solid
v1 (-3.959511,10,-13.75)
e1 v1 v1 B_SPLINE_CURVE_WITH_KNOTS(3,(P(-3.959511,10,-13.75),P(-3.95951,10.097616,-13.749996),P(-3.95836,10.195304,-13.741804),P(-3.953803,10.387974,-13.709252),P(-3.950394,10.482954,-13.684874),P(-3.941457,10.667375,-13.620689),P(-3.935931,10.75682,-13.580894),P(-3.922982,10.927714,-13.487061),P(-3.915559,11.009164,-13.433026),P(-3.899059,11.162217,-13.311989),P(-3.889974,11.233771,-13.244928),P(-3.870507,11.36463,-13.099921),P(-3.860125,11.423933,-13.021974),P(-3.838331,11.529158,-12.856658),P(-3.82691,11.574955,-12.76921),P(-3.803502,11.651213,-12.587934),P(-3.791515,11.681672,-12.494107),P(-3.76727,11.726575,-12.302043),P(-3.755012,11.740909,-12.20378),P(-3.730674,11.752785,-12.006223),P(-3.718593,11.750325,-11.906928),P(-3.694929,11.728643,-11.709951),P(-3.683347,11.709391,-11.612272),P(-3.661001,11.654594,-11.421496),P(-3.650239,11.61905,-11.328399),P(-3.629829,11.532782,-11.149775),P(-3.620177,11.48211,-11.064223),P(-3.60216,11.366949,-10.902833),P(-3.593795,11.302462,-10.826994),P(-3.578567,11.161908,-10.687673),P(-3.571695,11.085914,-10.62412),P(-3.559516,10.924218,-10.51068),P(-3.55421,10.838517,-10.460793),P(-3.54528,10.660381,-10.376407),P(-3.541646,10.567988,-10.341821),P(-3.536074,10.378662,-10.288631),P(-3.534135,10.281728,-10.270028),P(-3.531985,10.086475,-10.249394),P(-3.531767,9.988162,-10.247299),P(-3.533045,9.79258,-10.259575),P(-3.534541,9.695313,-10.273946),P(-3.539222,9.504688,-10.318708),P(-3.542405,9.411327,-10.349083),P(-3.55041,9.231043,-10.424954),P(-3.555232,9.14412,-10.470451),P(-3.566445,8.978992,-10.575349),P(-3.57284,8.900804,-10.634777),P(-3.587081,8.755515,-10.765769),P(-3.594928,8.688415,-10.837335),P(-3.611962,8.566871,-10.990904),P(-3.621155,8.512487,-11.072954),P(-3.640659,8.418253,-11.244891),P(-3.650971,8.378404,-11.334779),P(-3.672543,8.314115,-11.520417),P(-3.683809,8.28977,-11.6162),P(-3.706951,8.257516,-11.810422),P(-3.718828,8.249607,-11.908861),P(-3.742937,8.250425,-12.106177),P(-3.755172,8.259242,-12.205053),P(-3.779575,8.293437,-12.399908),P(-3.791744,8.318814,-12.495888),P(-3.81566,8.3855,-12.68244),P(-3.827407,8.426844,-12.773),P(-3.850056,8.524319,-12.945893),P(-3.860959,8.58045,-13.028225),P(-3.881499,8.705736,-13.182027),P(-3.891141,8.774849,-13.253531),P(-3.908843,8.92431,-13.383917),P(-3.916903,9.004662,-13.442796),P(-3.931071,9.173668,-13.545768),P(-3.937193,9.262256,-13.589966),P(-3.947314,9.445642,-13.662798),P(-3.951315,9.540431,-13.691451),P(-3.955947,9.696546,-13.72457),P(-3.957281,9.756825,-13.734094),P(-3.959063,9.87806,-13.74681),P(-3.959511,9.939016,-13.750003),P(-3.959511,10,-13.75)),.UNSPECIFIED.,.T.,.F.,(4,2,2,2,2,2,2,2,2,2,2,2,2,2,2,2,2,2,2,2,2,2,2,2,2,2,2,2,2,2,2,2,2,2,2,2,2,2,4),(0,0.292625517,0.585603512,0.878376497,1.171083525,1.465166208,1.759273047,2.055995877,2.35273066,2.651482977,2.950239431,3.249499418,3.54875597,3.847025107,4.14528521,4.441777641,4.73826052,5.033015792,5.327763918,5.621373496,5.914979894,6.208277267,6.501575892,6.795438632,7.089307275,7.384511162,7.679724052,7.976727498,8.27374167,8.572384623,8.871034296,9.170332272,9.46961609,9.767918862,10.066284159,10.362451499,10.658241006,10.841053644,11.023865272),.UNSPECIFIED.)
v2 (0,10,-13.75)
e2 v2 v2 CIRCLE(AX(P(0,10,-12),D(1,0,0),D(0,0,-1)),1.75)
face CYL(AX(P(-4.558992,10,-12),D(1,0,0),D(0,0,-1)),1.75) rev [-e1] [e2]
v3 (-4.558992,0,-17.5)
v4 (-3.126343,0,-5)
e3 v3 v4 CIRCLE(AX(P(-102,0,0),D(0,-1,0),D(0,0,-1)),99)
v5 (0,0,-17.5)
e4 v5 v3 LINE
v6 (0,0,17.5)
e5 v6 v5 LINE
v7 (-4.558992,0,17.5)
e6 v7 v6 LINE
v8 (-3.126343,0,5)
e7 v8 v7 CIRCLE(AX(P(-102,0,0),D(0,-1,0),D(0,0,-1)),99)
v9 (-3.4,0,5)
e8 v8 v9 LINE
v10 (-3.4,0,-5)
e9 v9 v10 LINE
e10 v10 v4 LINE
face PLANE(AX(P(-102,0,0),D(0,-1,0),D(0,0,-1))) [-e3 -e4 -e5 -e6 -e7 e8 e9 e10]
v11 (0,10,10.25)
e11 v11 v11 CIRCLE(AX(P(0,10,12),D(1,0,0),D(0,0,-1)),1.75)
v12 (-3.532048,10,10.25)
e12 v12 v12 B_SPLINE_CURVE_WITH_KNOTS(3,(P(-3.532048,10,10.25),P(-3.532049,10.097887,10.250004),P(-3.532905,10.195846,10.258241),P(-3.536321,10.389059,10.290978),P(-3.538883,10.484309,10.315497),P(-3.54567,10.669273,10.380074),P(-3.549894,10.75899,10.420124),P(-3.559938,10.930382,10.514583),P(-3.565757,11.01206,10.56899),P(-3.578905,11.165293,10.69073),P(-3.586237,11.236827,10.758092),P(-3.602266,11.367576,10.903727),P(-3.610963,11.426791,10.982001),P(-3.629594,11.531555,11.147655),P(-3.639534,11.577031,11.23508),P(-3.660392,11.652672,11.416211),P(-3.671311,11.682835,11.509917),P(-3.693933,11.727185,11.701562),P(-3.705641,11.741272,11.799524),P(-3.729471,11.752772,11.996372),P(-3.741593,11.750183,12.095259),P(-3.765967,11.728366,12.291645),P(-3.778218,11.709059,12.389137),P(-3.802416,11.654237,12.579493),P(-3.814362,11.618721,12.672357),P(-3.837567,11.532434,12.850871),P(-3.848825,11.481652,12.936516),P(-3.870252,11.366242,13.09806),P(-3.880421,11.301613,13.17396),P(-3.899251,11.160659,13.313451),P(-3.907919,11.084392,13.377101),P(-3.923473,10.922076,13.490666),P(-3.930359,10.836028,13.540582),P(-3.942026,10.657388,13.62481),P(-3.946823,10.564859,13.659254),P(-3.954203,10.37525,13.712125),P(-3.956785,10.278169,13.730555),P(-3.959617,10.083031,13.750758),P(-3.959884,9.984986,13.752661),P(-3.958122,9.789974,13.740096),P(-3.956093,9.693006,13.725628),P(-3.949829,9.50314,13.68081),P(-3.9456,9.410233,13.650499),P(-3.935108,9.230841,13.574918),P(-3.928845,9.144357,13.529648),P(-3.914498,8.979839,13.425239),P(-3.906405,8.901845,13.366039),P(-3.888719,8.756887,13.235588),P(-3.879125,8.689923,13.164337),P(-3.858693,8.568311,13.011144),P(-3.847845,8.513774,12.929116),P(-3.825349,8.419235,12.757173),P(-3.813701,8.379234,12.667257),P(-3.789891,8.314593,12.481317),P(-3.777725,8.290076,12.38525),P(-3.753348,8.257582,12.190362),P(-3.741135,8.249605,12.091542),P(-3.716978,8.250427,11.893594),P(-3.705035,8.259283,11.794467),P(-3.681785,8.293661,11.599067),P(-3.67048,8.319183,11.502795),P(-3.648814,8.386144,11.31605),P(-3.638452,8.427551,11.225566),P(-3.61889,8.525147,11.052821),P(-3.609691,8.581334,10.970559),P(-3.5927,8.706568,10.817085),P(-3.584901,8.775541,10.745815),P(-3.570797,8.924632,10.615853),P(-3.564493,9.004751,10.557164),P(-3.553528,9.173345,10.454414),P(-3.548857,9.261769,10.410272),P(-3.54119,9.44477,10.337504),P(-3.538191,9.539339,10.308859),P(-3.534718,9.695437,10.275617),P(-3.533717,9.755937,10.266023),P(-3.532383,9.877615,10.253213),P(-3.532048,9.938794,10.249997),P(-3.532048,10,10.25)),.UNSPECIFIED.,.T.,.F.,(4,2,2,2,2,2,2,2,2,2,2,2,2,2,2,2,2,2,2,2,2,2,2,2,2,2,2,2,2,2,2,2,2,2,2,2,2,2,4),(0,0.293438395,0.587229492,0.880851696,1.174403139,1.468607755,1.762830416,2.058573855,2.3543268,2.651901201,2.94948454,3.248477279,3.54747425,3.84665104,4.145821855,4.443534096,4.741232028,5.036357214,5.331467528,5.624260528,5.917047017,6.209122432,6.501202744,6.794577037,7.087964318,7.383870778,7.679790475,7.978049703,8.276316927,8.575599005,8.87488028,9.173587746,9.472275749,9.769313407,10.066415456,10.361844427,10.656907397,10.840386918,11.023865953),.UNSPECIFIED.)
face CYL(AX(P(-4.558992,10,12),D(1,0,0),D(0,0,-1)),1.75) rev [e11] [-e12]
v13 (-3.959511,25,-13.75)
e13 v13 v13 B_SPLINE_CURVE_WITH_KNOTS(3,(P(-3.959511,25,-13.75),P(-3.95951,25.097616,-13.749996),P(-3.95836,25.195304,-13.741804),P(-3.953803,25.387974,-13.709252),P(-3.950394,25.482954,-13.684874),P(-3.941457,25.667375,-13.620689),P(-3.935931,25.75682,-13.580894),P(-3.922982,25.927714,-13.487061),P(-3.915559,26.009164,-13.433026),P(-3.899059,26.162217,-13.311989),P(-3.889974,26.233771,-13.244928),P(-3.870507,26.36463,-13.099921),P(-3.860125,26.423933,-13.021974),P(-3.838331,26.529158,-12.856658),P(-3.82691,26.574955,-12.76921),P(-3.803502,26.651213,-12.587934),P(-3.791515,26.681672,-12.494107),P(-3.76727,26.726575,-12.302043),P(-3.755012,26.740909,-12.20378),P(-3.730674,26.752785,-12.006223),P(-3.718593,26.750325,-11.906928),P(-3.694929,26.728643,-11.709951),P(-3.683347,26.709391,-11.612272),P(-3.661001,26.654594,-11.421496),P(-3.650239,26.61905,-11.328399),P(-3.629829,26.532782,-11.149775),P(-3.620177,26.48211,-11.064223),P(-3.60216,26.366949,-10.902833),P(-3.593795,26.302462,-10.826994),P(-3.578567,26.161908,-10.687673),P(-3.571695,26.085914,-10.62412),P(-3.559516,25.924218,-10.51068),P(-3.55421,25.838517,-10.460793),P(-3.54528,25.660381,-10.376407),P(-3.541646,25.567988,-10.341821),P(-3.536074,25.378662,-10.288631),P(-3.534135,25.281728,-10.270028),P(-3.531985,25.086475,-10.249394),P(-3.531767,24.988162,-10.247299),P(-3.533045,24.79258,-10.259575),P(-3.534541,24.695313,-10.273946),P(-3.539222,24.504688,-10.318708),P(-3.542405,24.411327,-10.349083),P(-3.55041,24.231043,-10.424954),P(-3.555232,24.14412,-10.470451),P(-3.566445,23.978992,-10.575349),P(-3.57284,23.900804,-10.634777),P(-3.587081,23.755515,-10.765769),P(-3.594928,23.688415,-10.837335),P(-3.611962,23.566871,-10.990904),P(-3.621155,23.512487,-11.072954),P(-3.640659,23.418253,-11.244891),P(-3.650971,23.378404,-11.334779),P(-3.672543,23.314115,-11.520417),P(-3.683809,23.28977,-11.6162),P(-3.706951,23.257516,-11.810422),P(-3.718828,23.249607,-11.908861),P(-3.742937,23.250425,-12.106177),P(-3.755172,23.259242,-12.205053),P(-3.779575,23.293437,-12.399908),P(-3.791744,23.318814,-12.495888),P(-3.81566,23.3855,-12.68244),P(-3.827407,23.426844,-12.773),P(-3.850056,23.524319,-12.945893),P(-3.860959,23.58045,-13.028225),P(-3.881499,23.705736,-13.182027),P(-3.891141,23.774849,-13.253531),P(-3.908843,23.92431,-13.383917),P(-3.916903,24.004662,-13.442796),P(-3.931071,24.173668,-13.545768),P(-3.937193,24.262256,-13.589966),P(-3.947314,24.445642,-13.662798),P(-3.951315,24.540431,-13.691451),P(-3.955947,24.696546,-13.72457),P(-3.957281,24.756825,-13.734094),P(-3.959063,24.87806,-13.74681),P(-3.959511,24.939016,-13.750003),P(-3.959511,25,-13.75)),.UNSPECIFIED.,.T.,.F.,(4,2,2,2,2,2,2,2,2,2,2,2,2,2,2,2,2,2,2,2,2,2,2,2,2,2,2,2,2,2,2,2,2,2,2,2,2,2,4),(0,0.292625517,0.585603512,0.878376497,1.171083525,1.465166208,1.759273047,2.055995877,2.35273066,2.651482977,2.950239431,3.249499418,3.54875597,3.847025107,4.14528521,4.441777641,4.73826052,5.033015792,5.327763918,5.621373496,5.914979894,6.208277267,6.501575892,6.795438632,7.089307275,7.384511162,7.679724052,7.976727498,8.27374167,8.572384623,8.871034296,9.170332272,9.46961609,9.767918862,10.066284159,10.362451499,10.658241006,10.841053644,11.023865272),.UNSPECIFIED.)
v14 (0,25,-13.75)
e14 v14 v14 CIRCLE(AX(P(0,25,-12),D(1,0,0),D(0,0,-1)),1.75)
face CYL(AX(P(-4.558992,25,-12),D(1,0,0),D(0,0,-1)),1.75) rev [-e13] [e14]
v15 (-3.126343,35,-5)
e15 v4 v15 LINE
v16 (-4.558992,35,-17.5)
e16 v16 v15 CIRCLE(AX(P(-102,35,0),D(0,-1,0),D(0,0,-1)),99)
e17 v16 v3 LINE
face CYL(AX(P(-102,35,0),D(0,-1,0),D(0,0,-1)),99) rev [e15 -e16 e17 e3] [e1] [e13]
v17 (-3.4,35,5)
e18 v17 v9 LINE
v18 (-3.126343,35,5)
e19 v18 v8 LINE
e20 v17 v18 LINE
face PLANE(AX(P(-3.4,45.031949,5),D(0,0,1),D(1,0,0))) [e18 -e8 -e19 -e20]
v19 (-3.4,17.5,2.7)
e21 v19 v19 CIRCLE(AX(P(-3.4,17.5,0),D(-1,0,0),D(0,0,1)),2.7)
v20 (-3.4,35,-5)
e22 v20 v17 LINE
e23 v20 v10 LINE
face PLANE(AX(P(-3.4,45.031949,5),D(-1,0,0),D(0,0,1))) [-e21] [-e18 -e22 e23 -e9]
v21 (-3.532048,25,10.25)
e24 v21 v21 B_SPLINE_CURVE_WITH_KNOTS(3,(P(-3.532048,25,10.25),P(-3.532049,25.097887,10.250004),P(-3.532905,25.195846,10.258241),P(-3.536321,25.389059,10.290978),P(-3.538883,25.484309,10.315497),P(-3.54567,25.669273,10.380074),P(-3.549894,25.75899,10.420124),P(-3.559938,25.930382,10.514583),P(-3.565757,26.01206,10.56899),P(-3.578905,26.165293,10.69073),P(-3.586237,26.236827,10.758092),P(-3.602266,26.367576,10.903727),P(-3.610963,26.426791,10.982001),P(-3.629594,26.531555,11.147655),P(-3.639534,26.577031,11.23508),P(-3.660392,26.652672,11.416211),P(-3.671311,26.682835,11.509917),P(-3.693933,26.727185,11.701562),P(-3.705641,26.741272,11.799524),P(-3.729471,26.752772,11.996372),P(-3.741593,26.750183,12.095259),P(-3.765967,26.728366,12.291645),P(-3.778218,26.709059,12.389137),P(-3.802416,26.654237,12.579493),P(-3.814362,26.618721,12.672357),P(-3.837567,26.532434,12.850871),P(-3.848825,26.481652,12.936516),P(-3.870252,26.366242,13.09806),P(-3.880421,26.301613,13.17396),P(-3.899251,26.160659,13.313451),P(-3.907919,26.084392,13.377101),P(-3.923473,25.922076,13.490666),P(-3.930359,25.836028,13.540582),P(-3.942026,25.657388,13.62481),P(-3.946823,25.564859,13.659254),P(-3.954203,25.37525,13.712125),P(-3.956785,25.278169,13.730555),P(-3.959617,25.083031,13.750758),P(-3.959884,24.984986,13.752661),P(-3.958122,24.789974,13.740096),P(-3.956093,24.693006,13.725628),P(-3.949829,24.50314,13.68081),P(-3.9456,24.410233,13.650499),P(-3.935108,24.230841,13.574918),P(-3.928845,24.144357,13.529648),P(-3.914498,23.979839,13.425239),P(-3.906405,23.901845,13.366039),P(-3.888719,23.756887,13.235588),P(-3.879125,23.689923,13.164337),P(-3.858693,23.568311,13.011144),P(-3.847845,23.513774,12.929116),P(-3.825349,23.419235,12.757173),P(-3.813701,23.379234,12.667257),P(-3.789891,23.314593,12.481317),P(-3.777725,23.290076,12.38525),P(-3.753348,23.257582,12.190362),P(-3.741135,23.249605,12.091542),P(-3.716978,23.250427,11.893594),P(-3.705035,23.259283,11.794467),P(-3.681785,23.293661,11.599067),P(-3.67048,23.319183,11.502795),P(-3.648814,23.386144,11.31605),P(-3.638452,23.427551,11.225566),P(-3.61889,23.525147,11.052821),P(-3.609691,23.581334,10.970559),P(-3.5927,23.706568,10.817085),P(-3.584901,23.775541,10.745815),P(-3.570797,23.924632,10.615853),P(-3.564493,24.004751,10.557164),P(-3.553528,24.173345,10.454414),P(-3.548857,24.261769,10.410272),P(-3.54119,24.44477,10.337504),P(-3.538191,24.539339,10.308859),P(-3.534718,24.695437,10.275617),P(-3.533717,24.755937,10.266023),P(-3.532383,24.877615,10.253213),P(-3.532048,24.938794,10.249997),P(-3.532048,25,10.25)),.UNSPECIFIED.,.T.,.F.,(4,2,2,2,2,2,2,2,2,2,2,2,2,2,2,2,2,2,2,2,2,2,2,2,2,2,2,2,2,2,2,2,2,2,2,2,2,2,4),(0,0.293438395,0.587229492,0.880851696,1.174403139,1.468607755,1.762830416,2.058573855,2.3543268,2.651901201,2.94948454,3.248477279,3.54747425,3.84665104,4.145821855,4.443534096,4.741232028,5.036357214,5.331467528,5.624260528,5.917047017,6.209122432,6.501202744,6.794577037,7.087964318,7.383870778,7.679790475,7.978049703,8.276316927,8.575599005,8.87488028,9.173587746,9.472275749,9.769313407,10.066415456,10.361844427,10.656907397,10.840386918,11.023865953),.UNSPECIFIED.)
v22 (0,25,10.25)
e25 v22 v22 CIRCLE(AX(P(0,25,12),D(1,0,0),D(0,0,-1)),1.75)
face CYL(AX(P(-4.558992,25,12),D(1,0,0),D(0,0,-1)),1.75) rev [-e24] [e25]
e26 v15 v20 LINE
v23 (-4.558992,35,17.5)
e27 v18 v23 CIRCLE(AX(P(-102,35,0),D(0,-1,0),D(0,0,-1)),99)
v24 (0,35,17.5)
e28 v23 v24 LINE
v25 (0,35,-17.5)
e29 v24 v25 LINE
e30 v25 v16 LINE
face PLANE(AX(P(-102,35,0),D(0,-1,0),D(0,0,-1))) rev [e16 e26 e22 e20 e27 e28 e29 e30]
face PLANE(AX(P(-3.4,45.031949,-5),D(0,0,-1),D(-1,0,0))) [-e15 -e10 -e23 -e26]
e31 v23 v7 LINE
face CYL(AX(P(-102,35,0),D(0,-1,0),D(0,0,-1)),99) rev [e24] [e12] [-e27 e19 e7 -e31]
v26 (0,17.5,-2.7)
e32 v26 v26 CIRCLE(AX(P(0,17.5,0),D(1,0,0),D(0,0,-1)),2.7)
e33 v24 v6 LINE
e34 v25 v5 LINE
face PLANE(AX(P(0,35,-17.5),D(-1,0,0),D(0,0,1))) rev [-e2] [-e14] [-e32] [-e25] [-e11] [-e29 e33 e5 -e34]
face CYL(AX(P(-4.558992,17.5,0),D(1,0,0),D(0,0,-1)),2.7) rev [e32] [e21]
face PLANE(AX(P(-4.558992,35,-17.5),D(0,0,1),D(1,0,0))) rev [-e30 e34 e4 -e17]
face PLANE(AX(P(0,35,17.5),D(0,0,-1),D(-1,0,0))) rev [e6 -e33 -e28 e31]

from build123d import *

# Parameters (mm, degrees)
EXTRUDE_1_DEPTH     = 35
SKETCH_2_R          = 1.75
CUT_EXTRUDE_1_DEPTH = 40.39586793
SKETCH_3_W          = 0.8
SKETCH_3_H          = 10
EXTRUDE_2_DEPTH     = 35
SKETCH_4_R          = 2.7
CUT_EXTRUDE_2_DEPTH = 40.395868074


with BuildPart() as part:
    # Эскиз1 → Бобышка-Вытянуть1 (new body)
    with BuildSketch(Plane(origin=(0, 0, 0), x_dir=(1, 0, 0), z_dir=(0, 1, 0))):
        with BuildLine():
            Line((-4.558992206, 17.5), (0, 17.5))
            Line((0, 17.5), (0, -17.5))
            Line((0, -17.5), (-4.558992206, -17.5))
            ThreePointArc((-4.558992206, -17.5), (-3, 0), (-4.558992206, 17.5))
        make_face()
    extrude(amount=EXTRUDE_1_DEPTH)

    # Эскиз2 → Вырез-Вытянуть1 (cut, through all)
    with BuildSketch(Plane(origin=(0, 0, 0), x_dir=(0, 0, -1), z_dir=(1, 0, 0))):
        with Locations((-12, 25)):
            Circle(SKETCH_2_R)
        with Locations((12, 25)):
            Circle(SKETCH_2_R)
        with Locations((12, 10)):
            Circle(SKETCH_2_R)
        with Locations((-12, 10)):
            Circle(SKETCH_2_R)
    extrude(amount=-CUT_EXTRUDE_1_DEPTH, mode=Mode.SUBTRACT)

    # Эскиз3 → Бобышка-Вытянуть2 (add)
    with BuildSketch(Plane.XZ):
        with Locations((-3, 0)):
            Rectangle(SKETCH_3_W, SKETCH_3_H)
    extrude(amount=-EXTRUDE_2_DEPTH)

    # Эскиз4 → Вырез-Вытянуть2 (cut, through all)
    with BuildSketch(Plane(origin=(0, 0, 0), x_dir=(0, 0, -1), z_dir=(1, 0, 0))):
        with Locations((0, 17.5)):
            Circle(SKETCH_4_R)
    extrude(amount=-CUT_EXTRUDE_2_DEPTH, mode=Mode.SUBTRACT)


solid = part.part
